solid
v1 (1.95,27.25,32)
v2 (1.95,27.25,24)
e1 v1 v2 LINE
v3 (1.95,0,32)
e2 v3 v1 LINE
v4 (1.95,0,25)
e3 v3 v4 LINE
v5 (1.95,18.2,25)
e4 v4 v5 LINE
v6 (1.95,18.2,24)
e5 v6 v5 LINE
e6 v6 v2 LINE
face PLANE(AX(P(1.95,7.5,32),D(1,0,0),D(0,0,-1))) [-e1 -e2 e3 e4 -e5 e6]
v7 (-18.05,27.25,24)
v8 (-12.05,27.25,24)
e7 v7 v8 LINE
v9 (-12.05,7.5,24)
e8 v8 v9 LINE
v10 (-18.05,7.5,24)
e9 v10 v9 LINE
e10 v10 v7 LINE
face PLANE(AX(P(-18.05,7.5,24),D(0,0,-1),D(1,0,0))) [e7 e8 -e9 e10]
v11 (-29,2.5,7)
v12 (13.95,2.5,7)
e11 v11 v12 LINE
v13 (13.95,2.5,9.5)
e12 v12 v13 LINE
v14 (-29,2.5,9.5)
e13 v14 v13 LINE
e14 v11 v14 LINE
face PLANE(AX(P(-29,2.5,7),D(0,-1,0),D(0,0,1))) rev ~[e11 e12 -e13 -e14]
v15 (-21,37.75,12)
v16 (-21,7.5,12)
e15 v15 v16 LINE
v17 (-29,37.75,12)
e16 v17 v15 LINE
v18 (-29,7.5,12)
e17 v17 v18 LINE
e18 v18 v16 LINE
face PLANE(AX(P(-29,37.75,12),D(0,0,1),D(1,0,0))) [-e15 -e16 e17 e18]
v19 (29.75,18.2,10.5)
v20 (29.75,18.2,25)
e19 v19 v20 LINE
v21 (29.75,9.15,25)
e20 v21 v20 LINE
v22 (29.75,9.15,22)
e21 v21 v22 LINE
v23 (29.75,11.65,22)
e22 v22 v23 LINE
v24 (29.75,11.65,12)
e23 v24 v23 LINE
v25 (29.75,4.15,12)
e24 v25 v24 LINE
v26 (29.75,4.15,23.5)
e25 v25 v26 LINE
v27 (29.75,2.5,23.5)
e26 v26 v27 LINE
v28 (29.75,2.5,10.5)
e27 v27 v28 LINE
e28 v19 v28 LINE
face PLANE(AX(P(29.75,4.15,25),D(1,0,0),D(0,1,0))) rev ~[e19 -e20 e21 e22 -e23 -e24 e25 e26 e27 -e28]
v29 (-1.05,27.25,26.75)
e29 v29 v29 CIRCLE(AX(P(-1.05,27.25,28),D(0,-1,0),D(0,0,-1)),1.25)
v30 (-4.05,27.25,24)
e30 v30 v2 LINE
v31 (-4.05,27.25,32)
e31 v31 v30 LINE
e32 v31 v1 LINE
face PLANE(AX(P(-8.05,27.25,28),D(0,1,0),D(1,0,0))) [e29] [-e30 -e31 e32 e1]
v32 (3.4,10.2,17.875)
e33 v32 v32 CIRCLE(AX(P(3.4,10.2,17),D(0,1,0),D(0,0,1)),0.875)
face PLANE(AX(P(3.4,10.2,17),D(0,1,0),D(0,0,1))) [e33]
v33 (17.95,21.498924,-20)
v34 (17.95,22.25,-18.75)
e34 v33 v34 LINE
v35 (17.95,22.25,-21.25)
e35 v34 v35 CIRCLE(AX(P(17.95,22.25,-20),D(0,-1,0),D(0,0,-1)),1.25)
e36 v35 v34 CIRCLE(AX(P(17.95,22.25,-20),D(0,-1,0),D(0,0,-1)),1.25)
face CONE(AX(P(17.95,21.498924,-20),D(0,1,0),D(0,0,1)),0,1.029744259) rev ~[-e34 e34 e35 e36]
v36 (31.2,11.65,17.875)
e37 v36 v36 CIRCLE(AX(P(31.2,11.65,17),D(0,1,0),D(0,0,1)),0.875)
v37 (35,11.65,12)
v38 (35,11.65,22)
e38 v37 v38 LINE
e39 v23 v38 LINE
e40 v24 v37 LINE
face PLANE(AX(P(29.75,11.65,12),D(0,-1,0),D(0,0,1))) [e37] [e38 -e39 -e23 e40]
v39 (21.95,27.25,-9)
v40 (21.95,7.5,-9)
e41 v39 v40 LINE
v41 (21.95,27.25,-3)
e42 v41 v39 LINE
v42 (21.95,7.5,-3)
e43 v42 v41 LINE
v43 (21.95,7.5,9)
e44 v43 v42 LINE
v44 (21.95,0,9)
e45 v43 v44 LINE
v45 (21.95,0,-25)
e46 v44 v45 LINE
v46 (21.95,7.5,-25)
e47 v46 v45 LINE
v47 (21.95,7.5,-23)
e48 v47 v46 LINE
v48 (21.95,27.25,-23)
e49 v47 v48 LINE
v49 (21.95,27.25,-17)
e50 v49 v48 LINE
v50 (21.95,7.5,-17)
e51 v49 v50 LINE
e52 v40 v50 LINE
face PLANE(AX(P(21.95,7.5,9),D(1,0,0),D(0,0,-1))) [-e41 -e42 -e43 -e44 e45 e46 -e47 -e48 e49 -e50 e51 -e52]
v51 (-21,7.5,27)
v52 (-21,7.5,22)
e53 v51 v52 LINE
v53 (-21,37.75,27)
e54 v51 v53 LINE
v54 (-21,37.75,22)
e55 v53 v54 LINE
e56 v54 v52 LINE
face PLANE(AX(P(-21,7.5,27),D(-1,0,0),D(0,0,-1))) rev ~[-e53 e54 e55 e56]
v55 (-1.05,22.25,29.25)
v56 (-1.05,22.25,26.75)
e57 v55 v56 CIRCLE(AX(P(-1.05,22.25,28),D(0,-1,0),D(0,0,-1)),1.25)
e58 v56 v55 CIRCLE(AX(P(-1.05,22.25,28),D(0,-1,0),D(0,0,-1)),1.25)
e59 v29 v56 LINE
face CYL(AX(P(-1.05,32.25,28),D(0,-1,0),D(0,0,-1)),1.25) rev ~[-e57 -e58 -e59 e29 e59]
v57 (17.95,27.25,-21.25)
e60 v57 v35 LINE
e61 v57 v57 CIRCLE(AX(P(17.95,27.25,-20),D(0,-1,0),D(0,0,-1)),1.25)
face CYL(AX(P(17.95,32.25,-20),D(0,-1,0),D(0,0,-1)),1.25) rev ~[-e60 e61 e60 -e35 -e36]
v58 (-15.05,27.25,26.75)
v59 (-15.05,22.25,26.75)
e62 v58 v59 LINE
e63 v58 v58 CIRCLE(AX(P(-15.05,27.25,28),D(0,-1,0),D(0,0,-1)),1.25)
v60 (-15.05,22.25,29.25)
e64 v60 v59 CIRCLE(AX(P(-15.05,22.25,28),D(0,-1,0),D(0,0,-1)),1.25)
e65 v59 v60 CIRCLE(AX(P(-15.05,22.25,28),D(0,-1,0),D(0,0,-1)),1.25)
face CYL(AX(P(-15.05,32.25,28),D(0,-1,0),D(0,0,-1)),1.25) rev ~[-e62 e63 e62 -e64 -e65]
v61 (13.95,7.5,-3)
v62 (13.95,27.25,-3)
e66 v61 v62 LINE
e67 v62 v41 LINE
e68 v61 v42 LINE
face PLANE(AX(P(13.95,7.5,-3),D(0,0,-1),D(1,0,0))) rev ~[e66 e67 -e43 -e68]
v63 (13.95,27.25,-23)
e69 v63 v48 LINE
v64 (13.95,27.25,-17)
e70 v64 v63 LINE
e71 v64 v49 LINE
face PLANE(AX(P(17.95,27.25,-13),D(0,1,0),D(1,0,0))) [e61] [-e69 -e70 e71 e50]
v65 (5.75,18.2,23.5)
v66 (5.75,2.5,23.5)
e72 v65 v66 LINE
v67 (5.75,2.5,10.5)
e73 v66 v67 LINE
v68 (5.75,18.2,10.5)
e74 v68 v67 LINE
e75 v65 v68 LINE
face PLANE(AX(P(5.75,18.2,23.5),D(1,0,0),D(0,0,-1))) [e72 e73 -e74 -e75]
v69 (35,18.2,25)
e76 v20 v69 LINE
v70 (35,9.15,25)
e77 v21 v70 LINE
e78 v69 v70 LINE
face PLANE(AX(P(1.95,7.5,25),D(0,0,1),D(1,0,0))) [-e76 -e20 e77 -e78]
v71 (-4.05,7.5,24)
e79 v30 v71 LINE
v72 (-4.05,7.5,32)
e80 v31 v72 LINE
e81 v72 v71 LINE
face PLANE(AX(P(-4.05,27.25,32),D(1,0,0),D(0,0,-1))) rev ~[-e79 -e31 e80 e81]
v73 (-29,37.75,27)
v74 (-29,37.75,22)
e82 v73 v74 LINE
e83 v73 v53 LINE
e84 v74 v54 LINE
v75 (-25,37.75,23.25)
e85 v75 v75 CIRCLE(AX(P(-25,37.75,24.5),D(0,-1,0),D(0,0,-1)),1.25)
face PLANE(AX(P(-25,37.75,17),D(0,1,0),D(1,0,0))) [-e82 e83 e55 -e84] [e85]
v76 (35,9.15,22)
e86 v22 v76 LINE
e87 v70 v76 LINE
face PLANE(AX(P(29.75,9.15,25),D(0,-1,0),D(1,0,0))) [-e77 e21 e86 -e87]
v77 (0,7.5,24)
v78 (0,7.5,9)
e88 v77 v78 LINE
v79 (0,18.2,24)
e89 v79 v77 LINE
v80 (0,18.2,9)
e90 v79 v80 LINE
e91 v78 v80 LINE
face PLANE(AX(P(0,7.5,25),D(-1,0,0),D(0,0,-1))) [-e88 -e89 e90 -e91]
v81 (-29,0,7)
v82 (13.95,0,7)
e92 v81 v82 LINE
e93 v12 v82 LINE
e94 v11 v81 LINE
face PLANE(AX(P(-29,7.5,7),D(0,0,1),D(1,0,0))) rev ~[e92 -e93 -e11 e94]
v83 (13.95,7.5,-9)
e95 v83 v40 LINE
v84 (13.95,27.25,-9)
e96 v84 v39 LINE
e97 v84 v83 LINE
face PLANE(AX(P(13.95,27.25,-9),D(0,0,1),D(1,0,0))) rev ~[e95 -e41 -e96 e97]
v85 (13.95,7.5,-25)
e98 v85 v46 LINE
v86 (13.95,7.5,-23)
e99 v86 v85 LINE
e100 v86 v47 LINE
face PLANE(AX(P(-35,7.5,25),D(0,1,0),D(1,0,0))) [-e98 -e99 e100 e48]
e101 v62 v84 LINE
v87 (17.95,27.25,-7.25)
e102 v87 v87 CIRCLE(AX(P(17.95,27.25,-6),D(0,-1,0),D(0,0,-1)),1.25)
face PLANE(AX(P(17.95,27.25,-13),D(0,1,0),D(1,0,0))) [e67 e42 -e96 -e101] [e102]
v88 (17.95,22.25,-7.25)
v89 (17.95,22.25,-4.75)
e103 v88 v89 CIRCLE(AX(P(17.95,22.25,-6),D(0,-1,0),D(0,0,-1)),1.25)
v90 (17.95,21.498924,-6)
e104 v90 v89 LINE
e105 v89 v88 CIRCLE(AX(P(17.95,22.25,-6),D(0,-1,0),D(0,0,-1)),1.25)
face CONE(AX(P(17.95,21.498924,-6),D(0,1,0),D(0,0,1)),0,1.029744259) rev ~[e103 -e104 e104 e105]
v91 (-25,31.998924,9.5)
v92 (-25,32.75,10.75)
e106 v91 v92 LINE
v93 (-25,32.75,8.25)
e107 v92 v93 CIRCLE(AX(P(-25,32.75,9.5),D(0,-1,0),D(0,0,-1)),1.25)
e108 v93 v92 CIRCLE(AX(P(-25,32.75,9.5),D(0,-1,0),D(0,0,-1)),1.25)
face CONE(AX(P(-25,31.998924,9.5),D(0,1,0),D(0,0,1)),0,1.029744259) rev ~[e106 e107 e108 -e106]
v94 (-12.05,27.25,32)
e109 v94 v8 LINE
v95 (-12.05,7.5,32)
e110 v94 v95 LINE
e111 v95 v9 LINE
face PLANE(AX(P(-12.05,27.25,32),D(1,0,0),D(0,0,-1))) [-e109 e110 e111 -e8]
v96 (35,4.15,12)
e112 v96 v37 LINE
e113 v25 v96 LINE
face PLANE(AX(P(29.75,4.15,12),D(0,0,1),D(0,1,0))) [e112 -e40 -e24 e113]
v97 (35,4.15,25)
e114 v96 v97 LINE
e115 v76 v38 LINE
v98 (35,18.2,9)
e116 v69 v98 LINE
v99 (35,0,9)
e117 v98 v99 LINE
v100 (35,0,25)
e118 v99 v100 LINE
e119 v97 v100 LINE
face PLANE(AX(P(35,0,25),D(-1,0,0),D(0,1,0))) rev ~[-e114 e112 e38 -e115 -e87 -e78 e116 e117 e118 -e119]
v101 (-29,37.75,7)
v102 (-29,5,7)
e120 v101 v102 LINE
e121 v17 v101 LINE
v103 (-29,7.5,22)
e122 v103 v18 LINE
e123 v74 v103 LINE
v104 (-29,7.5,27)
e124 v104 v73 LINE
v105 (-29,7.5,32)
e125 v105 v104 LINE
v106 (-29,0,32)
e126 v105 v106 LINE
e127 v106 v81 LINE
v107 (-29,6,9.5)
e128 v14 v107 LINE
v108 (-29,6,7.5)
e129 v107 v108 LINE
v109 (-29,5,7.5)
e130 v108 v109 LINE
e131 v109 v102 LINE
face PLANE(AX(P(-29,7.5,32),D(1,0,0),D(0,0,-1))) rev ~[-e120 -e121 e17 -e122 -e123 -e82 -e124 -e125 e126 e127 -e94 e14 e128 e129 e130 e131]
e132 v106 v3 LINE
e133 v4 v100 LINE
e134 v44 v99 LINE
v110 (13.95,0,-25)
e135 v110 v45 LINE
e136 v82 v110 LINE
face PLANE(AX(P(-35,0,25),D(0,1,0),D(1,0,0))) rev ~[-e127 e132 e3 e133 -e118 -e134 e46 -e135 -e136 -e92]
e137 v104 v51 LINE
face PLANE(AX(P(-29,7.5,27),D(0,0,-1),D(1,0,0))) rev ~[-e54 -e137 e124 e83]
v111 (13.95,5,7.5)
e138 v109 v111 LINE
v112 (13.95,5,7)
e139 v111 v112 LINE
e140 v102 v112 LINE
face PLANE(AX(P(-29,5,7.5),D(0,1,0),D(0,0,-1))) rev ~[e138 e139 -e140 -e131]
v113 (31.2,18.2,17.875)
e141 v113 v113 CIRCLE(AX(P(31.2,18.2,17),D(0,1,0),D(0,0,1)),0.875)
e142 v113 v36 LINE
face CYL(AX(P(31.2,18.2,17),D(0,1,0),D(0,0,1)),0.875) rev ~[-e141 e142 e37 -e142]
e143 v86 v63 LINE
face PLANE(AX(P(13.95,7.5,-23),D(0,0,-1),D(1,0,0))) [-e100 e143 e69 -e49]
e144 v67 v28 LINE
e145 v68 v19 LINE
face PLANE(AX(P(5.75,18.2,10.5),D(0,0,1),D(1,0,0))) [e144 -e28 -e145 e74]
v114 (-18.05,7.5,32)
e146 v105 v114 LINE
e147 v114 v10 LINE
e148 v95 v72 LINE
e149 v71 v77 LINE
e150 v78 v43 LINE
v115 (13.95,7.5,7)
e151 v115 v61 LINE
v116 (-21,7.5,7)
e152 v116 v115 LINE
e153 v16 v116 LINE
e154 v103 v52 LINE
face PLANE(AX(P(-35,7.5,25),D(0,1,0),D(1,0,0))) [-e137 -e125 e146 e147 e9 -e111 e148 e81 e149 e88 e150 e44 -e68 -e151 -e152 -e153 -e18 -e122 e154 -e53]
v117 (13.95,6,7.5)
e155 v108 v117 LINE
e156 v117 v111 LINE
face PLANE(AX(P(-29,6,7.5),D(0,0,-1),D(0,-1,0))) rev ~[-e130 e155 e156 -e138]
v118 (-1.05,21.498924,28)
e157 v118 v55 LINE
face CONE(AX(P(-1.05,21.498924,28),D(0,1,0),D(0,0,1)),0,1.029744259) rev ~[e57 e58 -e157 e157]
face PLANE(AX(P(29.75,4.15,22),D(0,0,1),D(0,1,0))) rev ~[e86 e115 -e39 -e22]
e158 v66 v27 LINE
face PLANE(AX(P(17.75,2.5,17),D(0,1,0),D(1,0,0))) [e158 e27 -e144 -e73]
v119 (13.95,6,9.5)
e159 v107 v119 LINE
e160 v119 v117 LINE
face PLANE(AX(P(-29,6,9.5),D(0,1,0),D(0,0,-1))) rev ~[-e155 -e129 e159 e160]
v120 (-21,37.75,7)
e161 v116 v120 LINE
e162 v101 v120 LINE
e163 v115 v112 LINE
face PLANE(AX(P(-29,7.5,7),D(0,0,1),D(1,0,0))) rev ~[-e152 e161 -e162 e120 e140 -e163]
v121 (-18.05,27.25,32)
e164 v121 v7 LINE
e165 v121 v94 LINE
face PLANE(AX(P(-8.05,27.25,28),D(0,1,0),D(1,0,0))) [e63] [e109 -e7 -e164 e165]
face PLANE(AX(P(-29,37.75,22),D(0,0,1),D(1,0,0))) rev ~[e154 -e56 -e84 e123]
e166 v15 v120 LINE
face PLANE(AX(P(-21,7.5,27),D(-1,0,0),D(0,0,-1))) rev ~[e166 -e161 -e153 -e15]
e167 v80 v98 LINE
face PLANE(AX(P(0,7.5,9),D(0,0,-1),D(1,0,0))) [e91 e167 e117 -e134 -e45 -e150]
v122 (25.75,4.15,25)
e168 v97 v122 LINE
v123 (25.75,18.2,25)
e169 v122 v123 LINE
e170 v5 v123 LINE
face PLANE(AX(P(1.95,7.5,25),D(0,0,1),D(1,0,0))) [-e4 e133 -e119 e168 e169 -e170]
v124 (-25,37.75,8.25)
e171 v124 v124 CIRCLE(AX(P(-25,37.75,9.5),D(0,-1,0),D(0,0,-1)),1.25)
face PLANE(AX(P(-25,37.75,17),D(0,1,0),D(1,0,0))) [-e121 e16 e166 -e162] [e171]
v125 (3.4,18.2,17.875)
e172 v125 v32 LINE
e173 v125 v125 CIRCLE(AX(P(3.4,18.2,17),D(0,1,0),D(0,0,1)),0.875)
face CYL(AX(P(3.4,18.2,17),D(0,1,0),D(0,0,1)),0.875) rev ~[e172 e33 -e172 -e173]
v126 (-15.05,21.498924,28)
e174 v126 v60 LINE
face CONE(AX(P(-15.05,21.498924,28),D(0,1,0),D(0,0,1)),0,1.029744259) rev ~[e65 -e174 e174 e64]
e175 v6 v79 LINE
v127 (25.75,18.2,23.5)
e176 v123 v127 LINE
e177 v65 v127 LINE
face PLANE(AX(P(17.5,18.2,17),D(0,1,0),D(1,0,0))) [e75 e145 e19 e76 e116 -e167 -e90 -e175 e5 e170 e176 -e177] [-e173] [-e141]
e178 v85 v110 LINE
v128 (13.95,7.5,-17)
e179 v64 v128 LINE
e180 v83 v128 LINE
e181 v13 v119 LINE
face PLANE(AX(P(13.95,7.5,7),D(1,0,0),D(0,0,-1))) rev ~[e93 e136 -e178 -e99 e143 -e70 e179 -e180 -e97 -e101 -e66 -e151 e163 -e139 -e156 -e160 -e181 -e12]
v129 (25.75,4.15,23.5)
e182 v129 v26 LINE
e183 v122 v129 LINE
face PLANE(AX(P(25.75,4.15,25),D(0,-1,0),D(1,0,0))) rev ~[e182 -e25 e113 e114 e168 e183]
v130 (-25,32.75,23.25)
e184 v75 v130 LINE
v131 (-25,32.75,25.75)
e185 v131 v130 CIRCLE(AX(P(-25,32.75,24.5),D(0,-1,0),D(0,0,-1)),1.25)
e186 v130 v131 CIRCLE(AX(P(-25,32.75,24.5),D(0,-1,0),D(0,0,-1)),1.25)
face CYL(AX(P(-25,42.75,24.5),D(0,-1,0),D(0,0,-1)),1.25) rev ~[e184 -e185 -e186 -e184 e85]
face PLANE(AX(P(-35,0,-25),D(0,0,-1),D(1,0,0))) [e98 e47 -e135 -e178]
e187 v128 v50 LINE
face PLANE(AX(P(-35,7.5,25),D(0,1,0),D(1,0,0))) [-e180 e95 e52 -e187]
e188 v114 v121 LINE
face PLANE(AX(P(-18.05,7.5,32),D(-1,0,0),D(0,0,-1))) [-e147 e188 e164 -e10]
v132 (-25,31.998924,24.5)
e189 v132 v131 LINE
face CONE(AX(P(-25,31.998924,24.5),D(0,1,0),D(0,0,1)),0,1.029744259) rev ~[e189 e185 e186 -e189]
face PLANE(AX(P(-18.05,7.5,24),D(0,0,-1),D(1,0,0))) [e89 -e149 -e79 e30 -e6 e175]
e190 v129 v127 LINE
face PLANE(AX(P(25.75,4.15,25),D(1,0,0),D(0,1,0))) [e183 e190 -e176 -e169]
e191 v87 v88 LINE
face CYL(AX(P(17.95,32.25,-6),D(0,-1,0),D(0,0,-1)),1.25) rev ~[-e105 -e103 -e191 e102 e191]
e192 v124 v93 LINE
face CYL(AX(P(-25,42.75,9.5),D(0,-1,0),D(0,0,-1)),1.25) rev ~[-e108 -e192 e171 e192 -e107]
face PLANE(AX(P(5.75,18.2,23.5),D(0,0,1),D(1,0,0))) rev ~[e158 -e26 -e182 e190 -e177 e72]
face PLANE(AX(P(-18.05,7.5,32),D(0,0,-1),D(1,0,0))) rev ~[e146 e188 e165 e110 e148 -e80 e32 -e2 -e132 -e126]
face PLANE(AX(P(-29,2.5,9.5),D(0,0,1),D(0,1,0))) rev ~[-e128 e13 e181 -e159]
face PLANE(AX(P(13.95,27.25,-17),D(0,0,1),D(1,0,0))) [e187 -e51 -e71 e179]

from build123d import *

# Parameters (mm, degrees)
SKETCH1_W                       = 70
SKETCH1_H                       = 50
BOSS_EXTRUDE1_DEPTH             = 7.5
SKETCH2_W                       = 35
SKETCH2_H                       = 16
BOSS_EXTRUDE2_DEPTH             = 10.7
SKETCH3_W                       = 24
SKETCH3_H                       = 13
CUT_EXTRUDE1_DEPTH              = 15.7
SKETCH4_R                       = 0.875
CUT_EXTRUDE2_DEPTH              = 8
SKETCH9_W                       = 70
SKETCH9_H                       = 7.5
BOSS_EXTRUDE10_DEPTH            = 7
SKETCH10_W                      = 8
SKETCH10_H                      = 20
SKETCH10_W_2                    = 20
SKETCH10_H_2                    = 8
BOSS_EXTRUDE11_DEPTH            = 19.75
SKETCH14_W                      = 8
SKETCH14_H                      = 8
CUT_EXTRUDE4_DEPTH              = 19.75
TAP_DRILL_FOR_M3X0_5_TAP1_D     = 2.5
TAP_DRILL_FOR_M3X0_5_TAP1_DEPTH = 5
TAP_DRILL_FOR_M3X0_5_TAP1_TIP   = 0.751075774
SKETCH6_W                       = 8
SKETCH6_H                       = 20
BOSS_EXTRUDE8_DEPTH             = 30.25
SKETCH19_W                      = 8
SKETCH19_H                      = 10
CUT_EXTRUDE6_DEPTH              = 30.25
TAP_DRILL_FOR_M3X0_5_TAP3_D     = 2.5
TAP_DRILL_FOR_M3X0_5_TAP3_DEPTH = 5
TAP_DRILL_FOR_M3X0_5_TAP3_TIP   = 0.751075774
SKETCH22_W                      = 13.05
SKETCH22_H                      = 34
SKETCH22_W_2                    = 33.05
SKETCH22_H_2                    = 7
CUT_EXTRUDE7_DEPTH              = 7.5
CUT_EXTRUDE8_DEPTH              = 42.95
SKETCH25_W                      = 10
SKETCH25_H                      = 7.5
CUT_EXTRUDE9_DEPTH              = 5.25
SKETCH26_W                      = 4
SKETCH26_H                      = 14.05
CUT_EXTRUDE10_DEPTH             = 1.5
SKETCH27_W                      = 5.25
SKETCH27_H                      = 5
CUT_EXTRUDE11_DEPTH             = 3


with BuildPart() as part:
    # Sketch1 → Boss-Extrude1 (new body)
    with BuildSketch(Plane(origin=(0, 0, 0), x_dir=(1, 0, 0), z_dir=(0, 1, 0))):
        Rectangle(SKETCH1_W, SKETCH1_H)
    extrude(amount=BOSS_EXTRUDE1_DEPTH)

    # Sketch2 → Boss-Extrude2 (add)
    with BuildSketch(Plane(origin=(0, 7.5, 0), x_dir=(1, 0, 0), z_dir=(0, 1, 0))):
        with Locations((17.5, -17)):
            Rectangle(SKETCH2_W, SKETCH2_H)
    extrude(amount=BOSS_EXTRUDE2_DEPTH)

    # Sketch3 → Cut-Extrude1 (cut)
    with BuildSketch(Plane(origin=(0, 18.2, 0), x_dir=(1, 0, 0), z_dir=(0, 1, 0))):
        with Locations((17.75, -17)):
            Rectangle(SKETCH3_W, SKETCH3_H)
    extrude(amount=-CUT_EXTRUDE1_DEPTH, mode=Mode.SUBTRACT)

    # Sketch4 → Cut-Extrude2 (cut)
    with BuildSketch(Plane(origin=(0, 18.2, 0), x_dir=(1, 0, 0), z_dir=(0, 1, 0))):
        with Locations(Location((3.4, -17, 0), (0, 0, 270))):
            Circle(SKETCH4_R)
        with Locations(Location((31.2, -17, 0), (0, 0, 270))):
            Circle(SKETCH4_R)
    extrude(amount=-CUT_EXTRUDE2_DEPTH, mode=Mode.SUBTRACT)

    # Sketch9 → Boss-Extrude10 (add)
    with BuildSketch(Plane.XY.offset(25)):
        with Locations((0, 3.75)):
            Rectangle(SKETCH9_W, SKETCH9_H)
    extrude(amount=BOSS_EXTRUDE10_DEPTH)

    # Sketch10 → Boss-Extrude11 (add)
    with BuildSketch(Plane(origin=(0, 7.5, 0), x_dir=(1, 0, 0), z_dir=(0, 1, 0))):
        with Locations((17.95, 13)):
            Rectangle(SKETCH10_W, SKETCH10_H)
        with Locations((-8.05, -28)):
            Rectangle(SKETCH10_W_2, SKETCH10_H_2)
    extrude(amount=BOSS_EXTRUDE11_DEPTH)

    # Sketch14 → Cut-Extrude4 (cut)
    with BuildSketch(Plane(origin=(0, 27.25, 0), x_dir=(1, 0, 0), z_dir=(0, 1, 0))):
        with Locations((-8.05, -28)):
            Rectangle(SKETCH14_W, SKETCH14_H)
        with Locations((17.95, 13)):
            Rectangle(SKETCH14_W, SKETCH14_H)
    extrude(amount=-CUT_EXTRUDE4_DEPTH, mode=Mode.SUBTRACT)

    # Tap Drill for M3x0.5 Tap1
    with Locations(Plane(origin=(-15.05, 27.25, 28), x_dir=(0, 0, 1), z_dir=(0, 1, 0))):
        with Locations((0, 0), (0, 14), (-34, 33), (-48, 33)):
            Hole(TAP_DRILL_FOR_M3X0_5_TAP1_D / 2, depth=TAP_DRILL_FOR_M3X0_5_TAP1_DEPTH)
            with Locations((0, 0, -(TAP_DRILL_FOR_M3X0_5_TAP1_DEPTH + TAP_DRILL_FOR_M3X0_5_TAP1_TIP / 2))):  # 118° drill point
                Cone(0, TAP_DRILL_FOR_M3X0_5_TAP1_D / 2, TAP_DRILL_FOR_M3X0_5_TAP1_TIP, mode=Mode.SUBTRACT)

    # Sketch6 → Boss-Extrude8 (add)
    with BuildSketch(Plane(origin=(0, 7.5, 0), x_dir=(1, 0, 0), z_dir=(0, 1, 0))):
        with Locations((-25, -17)):
            Rectangle(SKETCH6_W, SKETCH6_H)
    extrude(amount=BOSS_EXTRUDE8_DEPTH)

    # Sketch19 → Cut-Extrude6 (cut)
    with BuildSketch(Plane(origin=(0, 37.75, 0), x_dir=(1, 0, 0), z_dir=(0, 1, 0))):
        with Locations((-25, -17)):
            Rectangle(SKETCH19_W, SKETCH19_H)
    extrude(amount=-CUT_EXTRUDE6_DEPTH, mode=Mode.SUBTRACT)

    # Tap Drill for M3x0.5 Tap3
    with Locations(Plane(origin=(-25, 37.75, 9.5), x_dir=(0, 0, 1), z_dir=(0, 1, 0))):
        with Locations((0, 0), (15, 0)):
            Hole(TAP_DRILL_FOR_M3X0_5_TAP3_D / 2, depth=TAP_DRILL_FOR_M3X0_5_TAP3_DEPTH)
            with Locations((0, 0, -(TAP_DRILL_FOR_M3X0_5_TAP3_DEPTH + TAP_DRILL_FOR_M3X0_5_TAP3_TIP / 2))):  # 118° drill point
                Cone(0, TAP_DRILL_FOR_M3X0_5_TAP3_D / 2, TAP_DRILL_FOR_M3X0_5_TAP3_TIP, mode=Mode.SUBTRACT)

    # Sketch22 → Cut-Extrude7 (cut)
    with BuildSketch(Plane(origin=(0, 7.5, 0), x_dir=(1, 0, 0), z_dir=(0, 1, 0))):
        Polygon((13.95, -7), (13.95, 25), (-35, 25), (-35, -32), (-29, -32), (-29, -7), align=None)
        with Locations((28.475, 8)):
            Rectangle(SKETCH22_W, SKETCH22_H)
        with Locations((18.475, -28.5)):
            Rectangle(SKETCH22_W_2, SKETCH22_H_2)
    extrude(amount=-CUT_EXTRUDE7_DEPTH, mode=Mode.SUBTRACT)

    # Sketch24 → Cut-Extrude8 (cut)
    with BuildSketch(Plane.ZY.offset(29)):
        Polygon((7, 2.5), (9.5, 2.5), (9.5, 6), (7.5, 6), (7.5, 5), (7, 5), align=None)
    extrude(amount=-CUT_EXTRUDE8_DEPTH, mode=Mode.SUBTRACT)

    # Sketch25 → Cut-Extrude9 (cut)
    with BuildSketch(Plane.ZY.offset(-29.75)):
        with Locations((17, 7.9)):
            Rectangle(SKETCH25_W, SKETCH25_H)
    extrude(amount=-CUT_EXTRUDE9_DEPTH, mode=Mode.SUBTRACT)

    # Sketch26 → Cut-Extrude10 (cut)
    with BuildSketch(Plane.XY.offset(25)):
        with Locations((27.75, 11.175)):
            Rectangle(SKETCH26_W, SKETCH26_H)
    extrude(amount=-CUT_EXTRUDE10_DEPTH, mode=Mode.SUBTRACT)

    # Sketch27 → Cut-Extrude11 (cut)
    with BuildSketch(Plane.XY.offset(25)):
        with Locations((32.375, 6.65)):
            Rectangle(SKETCH27_W, SKETCH27_H)
    extrude(amount=-CUT_EXTRUDE11_DEPTH, mode=Mode.SUBTRACT)


solid = part.part
